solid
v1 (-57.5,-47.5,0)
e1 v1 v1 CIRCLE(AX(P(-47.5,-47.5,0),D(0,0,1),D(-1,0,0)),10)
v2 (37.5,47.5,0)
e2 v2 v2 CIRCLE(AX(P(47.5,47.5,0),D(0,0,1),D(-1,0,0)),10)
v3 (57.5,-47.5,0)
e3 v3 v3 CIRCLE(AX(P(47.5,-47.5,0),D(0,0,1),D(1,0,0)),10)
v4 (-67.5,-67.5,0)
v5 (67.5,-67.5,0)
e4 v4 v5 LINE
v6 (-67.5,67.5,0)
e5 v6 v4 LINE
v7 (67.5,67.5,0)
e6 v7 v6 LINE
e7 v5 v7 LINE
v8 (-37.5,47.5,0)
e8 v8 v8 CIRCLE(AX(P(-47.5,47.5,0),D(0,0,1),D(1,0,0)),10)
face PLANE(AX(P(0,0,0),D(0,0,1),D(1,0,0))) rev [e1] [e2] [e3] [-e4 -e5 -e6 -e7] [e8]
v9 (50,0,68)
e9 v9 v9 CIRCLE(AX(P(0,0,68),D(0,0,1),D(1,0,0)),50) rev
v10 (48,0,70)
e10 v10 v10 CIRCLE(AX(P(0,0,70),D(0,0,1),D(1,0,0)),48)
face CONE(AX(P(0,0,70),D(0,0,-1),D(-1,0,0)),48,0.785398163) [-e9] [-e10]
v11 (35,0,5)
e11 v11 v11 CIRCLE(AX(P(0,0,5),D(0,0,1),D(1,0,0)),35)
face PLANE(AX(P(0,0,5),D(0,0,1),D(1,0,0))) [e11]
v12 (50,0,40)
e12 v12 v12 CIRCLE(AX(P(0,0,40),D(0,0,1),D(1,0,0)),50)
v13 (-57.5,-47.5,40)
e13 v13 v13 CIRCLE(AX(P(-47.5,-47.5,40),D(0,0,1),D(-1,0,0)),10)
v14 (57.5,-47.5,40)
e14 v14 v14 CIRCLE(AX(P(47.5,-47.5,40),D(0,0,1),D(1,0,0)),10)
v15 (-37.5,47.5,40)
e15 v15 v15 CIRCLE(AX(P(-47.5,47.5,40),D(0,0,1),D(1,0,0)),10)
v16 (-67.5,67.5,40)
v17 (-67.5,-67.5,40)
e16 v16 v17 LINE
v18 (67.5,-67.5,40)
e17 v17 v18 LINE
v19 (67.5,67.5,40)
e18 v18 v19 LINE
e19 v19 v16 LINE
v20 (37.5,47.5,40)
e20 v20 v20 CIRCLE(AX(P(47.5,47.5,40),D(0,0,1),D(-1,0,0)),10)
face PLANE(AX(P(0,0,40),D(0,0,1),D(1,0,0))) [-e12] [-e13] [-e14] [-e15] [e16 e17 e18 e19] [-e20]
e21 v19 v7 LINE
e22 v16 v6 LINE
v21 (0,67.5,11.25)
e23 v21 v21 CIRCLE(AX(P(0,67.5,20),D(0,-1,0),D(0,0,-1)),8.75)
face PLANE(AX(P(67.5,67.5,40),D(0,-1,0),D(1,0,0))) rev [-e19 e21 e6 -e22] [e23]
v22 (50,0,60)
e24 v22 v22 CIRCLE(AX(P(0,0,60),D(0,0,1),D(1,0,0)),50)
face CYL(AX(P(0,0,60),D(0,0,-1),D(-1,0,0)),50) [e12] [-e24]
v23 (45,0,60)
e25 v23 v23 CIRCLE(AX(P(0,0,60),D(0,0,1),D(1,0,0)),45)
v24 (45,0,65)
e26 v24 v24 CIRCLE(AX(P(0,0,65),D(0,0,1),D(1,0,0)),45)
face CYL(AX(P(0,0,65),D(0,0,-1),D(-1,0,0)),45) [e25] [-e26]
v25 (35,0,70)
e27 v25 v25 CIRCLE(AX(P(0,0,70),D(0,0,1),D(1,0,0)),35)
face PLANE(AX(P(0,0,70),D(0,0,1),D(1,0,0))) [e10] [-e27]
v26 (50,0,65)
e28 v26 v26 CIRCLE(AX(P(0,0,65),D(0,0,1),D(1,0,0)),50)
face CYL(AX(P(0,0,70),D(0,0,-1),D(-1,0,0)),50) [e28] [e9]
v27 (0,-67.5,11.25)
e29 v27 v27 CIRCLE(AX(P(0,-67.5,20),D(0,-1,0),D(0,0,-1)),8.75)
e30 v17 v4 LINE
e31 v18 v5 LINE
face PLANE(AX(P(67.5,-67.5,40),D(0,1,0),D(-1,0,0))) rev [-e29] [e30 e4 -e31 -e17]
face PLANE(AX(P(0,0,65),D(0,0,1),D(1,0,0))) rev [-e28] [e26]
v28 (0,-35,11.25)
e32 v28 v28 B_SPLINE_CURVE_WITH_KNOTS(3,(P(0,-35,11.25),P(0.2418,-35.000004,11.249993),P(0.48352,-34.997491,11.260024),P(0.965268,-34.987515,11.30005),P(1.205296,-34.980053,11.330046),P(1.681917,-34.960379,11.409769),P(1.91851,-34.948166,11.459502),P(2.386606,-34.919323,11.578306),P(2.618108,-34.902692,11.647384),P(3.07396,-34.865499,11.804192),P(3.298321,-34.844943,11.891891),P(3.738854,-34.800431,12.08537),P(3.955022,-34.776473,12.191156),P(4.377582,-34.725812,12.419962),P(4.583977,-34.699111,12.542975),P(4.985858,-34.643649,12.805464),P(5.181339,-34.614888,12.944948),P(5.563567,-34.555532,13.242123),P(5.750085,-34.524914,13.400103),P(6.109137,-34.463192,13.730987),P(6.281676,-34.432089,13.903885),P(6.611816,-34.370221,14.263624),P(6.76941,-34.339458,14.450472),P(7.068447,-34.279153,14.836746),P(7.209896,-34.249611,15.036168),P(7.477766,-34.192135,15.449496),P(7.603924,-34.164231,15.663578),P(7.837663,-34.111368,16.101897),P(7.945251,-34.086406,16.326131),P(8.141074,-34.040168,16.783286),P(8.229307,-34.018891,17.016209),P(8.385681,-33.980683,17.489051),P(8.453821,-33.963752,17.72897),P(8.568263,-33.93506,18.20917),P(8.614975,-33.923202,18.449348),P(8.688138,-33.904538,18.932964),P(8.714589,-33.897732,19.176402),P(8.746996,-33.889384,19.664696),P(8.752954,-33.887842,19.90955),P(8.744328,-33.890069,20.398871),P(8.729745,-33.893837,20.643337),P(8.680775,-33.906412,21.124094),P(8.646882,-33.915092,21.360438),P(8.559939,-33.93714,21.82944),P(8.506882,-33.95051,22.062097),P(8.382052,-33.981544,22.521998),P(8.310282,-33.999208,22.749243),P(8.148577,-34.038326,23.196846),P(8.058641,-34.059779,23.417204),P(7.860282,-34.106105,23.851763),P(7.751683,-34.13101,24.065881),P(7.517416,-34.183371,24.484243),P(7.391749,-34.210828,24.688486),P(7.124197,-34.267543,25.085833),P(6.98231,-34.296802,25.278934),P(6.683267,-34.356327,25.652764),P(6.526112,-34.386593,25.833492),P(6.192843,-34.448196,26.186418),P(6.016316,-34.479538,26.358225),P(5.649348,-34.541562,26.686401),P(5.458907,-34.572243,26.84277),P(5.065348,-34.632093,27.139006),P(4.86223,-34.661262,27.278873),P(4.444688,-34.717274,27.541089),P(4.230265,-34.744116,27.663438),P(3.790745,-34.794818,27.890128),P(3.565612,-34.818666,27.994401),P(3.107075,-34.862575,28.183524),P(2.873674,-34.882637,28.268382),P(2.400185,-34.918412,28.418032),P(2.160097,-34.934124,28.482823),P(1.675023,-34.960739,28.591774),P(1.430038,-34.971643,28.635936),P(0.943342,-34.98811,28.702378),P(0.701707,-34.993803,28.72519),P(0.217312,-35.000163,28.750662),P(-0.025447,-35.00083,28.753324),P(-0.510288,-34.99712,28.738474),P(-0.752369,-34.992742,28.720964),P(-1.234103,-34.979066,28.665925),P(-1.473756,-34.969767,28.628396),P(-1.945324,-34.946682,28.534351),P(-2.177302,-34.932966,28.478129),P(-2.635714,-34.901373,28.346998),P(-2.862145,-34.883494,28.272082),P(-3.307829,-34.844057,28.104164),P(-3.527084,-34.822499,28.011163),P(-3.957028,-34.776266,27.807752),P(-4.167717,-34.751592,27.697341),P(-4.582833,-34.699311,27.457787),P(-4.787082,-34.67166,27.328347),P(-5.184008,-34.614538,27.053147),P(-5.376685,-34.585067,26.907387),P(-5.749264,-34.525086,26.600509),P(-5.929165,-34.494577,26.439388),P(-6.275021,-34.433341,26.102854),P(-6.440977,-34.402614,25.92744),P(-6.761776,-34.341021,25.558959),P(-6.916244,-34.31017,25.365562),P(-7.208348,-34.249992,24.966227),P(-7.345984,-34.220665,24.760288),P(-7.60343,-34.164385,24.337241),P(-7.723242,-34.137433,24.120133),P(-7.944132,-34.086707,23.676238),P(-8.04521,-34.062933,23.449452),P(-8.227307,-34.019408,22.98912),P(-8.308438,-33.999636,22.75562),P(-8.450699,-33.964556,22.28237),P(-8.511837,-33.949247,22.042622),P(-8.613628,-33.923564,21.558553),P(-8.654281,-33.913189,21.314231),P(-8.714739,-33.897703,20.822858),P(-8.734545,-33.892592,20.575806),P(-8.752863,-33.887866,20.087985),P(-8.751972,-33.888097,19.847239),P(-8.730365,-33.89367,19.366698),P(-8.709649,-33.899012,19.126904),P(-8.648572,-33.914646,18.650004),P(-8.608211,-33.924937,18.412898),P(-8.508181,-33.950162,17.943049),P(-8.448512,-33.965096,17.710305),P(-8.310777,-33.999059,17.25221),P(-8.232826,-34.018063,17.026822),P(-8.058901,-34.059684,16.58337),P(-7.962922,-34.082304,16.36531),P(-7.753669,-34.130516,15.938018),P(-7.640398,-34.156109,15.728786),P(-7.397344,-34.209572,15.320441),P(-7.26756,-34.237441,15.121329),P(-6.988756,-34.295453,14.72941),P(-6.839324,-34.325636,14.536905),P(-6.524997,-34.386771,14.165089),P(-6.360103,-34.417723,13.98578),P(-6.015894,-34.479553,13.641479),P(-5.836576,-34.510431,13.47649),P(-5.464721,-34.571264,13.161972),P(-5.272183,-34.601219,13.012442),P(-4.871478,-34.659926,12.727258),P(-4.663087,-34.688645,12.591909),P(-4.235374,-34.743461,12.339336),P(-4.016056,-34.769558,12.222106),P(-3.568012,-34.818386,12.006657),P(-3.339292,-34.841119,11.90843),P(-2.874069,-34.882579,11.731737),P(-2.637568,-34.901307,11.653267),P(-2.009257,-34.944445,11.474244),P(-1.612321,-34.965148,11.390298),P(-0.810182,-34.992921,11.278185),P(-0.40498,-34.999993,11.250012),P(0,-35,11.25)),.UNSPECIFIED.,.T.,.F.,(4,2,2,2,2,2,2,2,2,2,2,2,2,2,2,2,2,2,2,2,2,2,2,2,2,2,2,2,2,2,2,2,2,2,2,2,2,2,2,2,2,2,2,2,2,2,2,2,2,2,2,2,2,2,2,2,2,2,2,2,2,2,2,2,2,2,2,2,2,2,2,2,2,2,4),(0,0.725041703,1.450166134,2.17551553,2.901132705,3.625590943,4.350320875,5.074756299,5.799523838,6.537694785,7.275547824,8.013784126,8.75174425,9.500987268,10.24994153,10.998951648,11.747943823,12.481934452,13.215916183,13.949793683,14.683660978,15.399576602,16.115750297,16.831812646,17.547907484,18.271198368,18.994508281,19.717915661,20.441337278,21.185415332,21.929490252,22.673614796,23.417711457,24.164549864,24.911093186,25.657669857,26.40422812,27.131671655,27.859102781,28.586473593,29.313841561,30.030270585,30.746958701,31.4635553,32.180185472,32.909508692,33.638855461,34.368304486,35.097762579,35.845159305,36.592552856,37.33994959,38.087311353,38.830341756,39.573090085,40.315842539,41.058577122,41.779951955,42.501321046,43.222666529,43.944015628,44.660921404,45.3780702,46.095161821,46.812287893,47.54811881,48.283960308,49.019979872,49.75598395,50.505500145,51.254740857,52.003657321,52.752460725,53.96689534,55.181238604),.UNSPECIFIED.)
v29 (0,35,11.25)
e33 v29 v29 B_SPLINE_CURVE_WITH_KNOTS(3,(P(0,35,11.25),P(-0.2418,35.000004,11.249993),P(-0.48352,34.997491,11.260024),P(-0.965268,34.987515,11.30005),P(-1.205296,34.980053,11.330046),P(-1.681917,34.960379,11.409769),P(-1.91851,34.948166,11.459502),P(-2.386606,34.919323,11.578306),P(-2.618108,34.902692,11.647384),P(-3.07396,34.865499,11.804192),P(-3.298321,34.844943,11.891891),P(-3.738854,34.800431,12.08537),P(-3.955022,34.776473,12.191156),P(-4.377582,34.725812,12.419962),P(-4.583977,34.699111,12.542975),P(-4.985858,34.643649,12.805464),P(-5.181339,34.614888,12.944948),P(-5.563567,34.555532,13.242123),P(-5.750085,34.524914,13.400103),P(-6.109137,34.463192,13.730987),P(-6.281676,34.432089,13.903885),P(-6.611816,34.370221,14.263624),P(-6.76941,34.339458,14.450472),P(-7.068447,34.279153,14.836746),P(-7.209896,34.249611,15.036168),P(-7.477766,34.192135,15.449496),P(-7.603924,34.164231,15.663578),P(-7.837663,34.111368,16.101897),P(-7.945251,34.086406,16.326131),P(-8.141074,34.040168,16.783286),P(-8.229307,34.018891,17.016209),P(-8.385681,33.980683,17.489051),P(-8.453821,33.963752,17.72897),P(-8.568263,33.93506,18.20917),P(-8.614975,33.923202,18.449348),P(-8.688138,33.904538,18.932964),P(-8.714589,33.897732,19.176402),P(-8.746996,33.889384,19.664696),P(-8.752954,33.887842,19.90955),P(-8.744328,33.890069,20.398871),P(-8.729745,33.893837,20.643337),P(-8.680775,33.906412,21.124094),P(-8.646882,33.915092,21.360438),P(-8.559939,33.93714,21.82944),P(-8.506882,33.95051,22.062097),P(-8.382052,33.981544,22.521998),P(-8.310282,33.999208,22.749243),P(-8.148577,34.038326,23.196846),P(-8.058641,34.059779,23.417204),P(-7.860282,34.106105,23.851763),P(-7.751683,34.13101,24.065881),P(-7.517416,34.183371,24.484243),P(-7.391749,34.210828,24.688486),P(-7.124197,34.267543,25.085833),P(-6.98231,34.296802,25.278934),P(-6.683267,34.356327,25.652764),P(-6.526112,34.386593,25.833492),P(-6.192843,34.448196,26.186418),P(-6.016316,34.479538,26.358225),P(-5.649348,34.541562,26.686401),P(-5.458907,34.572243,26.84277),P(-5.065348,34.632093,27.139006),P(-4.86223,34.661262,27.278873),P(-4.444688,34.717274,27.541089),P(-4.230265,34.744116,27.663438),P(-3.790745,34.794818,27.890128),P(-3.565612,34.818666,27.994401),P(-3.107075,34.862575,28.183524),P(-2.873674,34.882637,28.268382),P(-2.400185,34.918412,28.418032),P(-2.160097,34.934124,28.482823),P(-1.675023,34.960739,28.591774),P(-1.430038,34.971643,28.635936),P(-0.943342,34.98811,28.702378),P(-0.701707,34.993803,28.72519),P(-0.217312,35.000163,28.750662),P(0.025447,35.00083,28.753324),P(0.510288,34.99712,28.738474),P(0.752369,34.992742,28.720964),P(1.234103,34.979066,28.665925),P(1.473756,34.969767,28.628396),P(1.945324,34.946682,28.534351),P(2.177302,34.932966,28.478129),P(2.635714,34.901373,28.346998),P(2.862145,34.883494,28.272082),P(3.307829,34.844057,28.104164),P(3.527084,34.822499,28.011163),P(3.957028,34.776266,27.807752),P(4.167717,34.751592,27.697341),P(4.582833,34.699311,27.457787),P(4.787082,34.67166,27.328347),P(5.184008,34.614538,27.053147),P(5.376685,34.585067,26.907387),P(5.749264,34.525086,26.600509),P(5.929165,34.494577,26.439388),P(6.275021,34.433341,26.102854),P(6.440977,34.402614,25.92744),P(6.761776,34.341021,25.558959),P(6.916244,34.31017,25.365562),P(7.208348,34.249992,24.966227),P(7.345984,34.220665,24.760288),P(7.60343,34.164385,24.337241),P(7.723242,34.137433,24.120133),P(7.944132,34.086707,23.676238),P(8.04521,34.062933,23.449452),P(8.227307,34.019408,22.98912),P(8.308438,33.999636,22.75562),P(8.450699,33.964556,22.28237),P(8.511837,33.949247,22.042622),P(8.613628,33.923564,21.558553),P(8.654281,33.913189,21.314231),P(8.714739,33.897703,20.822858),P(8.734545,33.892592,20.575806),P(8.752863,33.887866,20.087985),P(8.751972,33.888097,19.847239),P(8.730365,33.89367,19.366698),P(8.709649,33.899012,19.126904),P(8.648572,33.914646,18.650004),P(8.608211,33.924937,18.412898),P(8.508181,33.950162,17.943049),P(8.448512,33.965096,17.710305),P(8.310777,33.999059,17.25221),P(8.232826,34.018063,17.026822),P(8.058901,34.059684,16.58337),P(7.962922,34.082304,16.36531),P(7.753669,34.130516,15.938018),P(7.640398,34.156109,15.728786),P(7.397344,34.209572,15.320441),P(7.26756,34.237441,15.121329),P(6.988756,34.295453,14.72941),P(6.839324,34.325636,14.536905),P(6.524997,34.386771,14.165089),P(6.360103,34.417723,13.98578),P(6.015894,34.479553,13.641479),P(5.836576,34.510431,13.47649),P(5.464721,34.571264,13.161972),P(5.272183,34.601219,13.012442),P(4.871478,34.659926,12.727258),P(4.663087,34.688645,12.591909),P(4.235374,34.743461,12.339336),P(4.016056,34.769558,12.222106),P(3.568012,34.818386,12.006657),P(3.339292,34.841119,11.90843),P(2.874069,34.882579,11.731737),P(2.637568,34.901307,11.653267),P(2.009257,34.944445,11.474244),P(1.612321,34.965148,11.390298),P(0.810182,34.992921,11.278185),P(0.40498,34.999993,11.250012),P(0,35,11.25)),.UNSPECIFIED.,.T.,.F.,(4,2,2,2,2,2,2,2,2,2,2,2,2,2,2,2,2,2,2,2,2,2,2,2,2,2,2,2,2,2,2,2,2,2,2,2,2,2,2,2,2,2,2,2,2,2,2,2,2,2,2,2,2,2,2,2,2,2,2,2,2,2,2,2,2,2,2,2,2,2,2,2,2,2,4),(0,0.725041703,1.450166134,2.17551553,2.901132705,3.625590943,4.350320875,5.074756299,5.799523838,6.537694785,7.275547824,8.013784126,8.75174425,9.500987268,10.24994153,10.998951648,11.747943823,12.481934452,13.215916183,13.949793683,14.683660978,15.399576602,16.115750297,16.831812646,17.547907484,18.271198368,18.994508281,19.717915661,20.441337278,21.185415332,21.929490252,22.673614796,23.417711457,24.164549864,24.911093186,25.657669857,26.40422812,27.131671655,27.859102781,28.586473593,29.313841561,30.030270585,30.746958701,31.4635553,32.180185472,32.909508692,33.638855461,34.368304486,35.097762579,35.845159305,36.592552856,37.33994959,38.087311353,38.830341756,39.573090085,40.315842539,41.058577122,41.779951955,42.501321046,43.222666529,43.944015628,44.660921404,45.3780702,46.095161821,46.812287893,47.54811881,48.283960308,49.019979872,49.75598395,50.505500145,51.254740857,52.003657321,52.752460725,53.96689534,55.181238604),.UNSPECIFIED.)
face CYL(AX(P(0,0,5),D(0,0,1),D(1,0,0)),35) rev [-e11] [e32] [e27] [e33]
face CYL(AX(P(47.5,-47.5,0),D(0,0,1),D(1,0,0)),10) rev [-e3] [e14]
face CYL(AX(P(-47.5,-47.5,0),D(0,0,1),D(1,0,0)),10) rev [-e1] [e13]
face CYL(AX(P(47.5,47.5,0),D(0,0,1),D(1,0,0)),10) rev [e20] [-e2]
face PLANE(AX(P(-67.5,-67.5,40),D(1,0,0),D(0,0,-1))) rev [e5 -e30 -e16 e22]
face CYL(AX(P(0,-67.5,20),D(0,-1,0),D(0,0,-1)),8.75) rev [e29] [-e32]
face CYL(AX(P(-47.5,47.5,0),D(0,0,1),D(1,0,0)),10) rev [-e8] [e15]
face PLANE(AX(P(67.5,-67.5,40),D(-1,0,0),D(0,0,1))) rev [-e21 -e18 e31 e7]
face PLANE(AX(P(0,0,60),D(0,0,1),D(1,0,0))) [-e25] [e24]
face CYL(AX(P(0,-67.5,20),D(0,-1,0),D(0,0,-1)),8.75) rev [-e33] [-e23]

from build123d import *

# Parameters (mm, degrees)
SKETCH1_W              = 135
SKETCH1_H              = 135
BOSS_EXTRUDE1_DEPTH    = 40
SKETCH2_R              = 10
CUT_EXTRUDE1_DEPTH     = 104.501207722
SKETCH4_R              = 50
BOSS_EXTRUDE2_DEPTH    = 20
SKETCH5_R              = 45
BOSS_EXTRUDE3_DEPTH    = 5
SKETCH6_R              = 50
BOSS_EXTRUDE4_DEPTH    = 5
CHAMFER1_SIZE          = 2
SKETCH7_R              = 35
CUT_EXTRUDE2_DEPTH     = 65
M20X2_5_TAPPED_HOLE1_D = 17.5


with BuildPart() as part:
    # Sketch1 → Boss-Extrude1 (new body)
    with BuildSketch(Plane.XY):
        Rectangle(SKETCH1_W, SKETCH1_H)
    extrude(amount=BOSS_EXTRUDE1_DEPTH)

    # Sketch2 → Cut-Extrude1 (cut, through all)
    with BuildSketch(Plane.XY.offset(40)):
        with Locations((-47.5, 47.5)):
            Circle(SKETCH2_R)
        with Locations(Location((47.5, 47.5, 0), (0, 0, 180))):
            Circle(SKETCH2_R)
        with Locations((47.5, -47.5)):
            Circle(SKETCH2_R)
        with Locations(Location((-47.5, -47.5, 0), (0, 0, 180))):
            Circle(SKETCH2_R)
    extrude(amount=-CUT_EXTRUDE1_DEPTH, mode=Mode.SUBTRACT)

    # Sketch4 → Boss-Extrude2 (add)
    with BuildSketch(Plane.XY.offset(40)):
        Circle(SKETCH4_R)
    extrude(amount=BOSS_EXTRUDE2_DEPTH)

    # Sketch5 → Boss-Extrude3 (add)
    with BuildSketch(Plane.XY.offset(60)):
        Circle(SKETCH5_R)
    extrude(amount=BOSS_EXTRUDE3_DEPTH)

    # Sketch6 → Boss-Extrude4 (add)
    with BuildSketch(Plane.XY.offset(65)):
        Circle(SKETCH6_R)
    extrude(amount=BOSS_EXTRUDE4_DEPTH)

    # Chamfer1
    chamfer1_edges = [part.edges().sort_by_distance(p)[0] for p in [
        (-50, 0, 70),
    ]]
    chamfer(chamfer1_edges, length=CHAMFER1_SIZE)

    # Sketch7 → Cut-Extrude2 (cut)
    with BuildSketch(Plane.XY.offset(70)):
        Circle(SKETCH7_R)
    extrude(amount=-CUT_EXTRUDE2_DEPTH, mode=Mode.SUBTRACT)

    # M20x2.5 Tapped Hole1 (through all)
    with Locations(Plane(origin=(0, -67.5, 20), x_dir=(-1, 0, 0), z_dir=(0, -1, 0))):
        with Locations((0, 0)):
            Hole(M20X2_5_TAPPED_HOLE1_D / 2)


solid = part.part
